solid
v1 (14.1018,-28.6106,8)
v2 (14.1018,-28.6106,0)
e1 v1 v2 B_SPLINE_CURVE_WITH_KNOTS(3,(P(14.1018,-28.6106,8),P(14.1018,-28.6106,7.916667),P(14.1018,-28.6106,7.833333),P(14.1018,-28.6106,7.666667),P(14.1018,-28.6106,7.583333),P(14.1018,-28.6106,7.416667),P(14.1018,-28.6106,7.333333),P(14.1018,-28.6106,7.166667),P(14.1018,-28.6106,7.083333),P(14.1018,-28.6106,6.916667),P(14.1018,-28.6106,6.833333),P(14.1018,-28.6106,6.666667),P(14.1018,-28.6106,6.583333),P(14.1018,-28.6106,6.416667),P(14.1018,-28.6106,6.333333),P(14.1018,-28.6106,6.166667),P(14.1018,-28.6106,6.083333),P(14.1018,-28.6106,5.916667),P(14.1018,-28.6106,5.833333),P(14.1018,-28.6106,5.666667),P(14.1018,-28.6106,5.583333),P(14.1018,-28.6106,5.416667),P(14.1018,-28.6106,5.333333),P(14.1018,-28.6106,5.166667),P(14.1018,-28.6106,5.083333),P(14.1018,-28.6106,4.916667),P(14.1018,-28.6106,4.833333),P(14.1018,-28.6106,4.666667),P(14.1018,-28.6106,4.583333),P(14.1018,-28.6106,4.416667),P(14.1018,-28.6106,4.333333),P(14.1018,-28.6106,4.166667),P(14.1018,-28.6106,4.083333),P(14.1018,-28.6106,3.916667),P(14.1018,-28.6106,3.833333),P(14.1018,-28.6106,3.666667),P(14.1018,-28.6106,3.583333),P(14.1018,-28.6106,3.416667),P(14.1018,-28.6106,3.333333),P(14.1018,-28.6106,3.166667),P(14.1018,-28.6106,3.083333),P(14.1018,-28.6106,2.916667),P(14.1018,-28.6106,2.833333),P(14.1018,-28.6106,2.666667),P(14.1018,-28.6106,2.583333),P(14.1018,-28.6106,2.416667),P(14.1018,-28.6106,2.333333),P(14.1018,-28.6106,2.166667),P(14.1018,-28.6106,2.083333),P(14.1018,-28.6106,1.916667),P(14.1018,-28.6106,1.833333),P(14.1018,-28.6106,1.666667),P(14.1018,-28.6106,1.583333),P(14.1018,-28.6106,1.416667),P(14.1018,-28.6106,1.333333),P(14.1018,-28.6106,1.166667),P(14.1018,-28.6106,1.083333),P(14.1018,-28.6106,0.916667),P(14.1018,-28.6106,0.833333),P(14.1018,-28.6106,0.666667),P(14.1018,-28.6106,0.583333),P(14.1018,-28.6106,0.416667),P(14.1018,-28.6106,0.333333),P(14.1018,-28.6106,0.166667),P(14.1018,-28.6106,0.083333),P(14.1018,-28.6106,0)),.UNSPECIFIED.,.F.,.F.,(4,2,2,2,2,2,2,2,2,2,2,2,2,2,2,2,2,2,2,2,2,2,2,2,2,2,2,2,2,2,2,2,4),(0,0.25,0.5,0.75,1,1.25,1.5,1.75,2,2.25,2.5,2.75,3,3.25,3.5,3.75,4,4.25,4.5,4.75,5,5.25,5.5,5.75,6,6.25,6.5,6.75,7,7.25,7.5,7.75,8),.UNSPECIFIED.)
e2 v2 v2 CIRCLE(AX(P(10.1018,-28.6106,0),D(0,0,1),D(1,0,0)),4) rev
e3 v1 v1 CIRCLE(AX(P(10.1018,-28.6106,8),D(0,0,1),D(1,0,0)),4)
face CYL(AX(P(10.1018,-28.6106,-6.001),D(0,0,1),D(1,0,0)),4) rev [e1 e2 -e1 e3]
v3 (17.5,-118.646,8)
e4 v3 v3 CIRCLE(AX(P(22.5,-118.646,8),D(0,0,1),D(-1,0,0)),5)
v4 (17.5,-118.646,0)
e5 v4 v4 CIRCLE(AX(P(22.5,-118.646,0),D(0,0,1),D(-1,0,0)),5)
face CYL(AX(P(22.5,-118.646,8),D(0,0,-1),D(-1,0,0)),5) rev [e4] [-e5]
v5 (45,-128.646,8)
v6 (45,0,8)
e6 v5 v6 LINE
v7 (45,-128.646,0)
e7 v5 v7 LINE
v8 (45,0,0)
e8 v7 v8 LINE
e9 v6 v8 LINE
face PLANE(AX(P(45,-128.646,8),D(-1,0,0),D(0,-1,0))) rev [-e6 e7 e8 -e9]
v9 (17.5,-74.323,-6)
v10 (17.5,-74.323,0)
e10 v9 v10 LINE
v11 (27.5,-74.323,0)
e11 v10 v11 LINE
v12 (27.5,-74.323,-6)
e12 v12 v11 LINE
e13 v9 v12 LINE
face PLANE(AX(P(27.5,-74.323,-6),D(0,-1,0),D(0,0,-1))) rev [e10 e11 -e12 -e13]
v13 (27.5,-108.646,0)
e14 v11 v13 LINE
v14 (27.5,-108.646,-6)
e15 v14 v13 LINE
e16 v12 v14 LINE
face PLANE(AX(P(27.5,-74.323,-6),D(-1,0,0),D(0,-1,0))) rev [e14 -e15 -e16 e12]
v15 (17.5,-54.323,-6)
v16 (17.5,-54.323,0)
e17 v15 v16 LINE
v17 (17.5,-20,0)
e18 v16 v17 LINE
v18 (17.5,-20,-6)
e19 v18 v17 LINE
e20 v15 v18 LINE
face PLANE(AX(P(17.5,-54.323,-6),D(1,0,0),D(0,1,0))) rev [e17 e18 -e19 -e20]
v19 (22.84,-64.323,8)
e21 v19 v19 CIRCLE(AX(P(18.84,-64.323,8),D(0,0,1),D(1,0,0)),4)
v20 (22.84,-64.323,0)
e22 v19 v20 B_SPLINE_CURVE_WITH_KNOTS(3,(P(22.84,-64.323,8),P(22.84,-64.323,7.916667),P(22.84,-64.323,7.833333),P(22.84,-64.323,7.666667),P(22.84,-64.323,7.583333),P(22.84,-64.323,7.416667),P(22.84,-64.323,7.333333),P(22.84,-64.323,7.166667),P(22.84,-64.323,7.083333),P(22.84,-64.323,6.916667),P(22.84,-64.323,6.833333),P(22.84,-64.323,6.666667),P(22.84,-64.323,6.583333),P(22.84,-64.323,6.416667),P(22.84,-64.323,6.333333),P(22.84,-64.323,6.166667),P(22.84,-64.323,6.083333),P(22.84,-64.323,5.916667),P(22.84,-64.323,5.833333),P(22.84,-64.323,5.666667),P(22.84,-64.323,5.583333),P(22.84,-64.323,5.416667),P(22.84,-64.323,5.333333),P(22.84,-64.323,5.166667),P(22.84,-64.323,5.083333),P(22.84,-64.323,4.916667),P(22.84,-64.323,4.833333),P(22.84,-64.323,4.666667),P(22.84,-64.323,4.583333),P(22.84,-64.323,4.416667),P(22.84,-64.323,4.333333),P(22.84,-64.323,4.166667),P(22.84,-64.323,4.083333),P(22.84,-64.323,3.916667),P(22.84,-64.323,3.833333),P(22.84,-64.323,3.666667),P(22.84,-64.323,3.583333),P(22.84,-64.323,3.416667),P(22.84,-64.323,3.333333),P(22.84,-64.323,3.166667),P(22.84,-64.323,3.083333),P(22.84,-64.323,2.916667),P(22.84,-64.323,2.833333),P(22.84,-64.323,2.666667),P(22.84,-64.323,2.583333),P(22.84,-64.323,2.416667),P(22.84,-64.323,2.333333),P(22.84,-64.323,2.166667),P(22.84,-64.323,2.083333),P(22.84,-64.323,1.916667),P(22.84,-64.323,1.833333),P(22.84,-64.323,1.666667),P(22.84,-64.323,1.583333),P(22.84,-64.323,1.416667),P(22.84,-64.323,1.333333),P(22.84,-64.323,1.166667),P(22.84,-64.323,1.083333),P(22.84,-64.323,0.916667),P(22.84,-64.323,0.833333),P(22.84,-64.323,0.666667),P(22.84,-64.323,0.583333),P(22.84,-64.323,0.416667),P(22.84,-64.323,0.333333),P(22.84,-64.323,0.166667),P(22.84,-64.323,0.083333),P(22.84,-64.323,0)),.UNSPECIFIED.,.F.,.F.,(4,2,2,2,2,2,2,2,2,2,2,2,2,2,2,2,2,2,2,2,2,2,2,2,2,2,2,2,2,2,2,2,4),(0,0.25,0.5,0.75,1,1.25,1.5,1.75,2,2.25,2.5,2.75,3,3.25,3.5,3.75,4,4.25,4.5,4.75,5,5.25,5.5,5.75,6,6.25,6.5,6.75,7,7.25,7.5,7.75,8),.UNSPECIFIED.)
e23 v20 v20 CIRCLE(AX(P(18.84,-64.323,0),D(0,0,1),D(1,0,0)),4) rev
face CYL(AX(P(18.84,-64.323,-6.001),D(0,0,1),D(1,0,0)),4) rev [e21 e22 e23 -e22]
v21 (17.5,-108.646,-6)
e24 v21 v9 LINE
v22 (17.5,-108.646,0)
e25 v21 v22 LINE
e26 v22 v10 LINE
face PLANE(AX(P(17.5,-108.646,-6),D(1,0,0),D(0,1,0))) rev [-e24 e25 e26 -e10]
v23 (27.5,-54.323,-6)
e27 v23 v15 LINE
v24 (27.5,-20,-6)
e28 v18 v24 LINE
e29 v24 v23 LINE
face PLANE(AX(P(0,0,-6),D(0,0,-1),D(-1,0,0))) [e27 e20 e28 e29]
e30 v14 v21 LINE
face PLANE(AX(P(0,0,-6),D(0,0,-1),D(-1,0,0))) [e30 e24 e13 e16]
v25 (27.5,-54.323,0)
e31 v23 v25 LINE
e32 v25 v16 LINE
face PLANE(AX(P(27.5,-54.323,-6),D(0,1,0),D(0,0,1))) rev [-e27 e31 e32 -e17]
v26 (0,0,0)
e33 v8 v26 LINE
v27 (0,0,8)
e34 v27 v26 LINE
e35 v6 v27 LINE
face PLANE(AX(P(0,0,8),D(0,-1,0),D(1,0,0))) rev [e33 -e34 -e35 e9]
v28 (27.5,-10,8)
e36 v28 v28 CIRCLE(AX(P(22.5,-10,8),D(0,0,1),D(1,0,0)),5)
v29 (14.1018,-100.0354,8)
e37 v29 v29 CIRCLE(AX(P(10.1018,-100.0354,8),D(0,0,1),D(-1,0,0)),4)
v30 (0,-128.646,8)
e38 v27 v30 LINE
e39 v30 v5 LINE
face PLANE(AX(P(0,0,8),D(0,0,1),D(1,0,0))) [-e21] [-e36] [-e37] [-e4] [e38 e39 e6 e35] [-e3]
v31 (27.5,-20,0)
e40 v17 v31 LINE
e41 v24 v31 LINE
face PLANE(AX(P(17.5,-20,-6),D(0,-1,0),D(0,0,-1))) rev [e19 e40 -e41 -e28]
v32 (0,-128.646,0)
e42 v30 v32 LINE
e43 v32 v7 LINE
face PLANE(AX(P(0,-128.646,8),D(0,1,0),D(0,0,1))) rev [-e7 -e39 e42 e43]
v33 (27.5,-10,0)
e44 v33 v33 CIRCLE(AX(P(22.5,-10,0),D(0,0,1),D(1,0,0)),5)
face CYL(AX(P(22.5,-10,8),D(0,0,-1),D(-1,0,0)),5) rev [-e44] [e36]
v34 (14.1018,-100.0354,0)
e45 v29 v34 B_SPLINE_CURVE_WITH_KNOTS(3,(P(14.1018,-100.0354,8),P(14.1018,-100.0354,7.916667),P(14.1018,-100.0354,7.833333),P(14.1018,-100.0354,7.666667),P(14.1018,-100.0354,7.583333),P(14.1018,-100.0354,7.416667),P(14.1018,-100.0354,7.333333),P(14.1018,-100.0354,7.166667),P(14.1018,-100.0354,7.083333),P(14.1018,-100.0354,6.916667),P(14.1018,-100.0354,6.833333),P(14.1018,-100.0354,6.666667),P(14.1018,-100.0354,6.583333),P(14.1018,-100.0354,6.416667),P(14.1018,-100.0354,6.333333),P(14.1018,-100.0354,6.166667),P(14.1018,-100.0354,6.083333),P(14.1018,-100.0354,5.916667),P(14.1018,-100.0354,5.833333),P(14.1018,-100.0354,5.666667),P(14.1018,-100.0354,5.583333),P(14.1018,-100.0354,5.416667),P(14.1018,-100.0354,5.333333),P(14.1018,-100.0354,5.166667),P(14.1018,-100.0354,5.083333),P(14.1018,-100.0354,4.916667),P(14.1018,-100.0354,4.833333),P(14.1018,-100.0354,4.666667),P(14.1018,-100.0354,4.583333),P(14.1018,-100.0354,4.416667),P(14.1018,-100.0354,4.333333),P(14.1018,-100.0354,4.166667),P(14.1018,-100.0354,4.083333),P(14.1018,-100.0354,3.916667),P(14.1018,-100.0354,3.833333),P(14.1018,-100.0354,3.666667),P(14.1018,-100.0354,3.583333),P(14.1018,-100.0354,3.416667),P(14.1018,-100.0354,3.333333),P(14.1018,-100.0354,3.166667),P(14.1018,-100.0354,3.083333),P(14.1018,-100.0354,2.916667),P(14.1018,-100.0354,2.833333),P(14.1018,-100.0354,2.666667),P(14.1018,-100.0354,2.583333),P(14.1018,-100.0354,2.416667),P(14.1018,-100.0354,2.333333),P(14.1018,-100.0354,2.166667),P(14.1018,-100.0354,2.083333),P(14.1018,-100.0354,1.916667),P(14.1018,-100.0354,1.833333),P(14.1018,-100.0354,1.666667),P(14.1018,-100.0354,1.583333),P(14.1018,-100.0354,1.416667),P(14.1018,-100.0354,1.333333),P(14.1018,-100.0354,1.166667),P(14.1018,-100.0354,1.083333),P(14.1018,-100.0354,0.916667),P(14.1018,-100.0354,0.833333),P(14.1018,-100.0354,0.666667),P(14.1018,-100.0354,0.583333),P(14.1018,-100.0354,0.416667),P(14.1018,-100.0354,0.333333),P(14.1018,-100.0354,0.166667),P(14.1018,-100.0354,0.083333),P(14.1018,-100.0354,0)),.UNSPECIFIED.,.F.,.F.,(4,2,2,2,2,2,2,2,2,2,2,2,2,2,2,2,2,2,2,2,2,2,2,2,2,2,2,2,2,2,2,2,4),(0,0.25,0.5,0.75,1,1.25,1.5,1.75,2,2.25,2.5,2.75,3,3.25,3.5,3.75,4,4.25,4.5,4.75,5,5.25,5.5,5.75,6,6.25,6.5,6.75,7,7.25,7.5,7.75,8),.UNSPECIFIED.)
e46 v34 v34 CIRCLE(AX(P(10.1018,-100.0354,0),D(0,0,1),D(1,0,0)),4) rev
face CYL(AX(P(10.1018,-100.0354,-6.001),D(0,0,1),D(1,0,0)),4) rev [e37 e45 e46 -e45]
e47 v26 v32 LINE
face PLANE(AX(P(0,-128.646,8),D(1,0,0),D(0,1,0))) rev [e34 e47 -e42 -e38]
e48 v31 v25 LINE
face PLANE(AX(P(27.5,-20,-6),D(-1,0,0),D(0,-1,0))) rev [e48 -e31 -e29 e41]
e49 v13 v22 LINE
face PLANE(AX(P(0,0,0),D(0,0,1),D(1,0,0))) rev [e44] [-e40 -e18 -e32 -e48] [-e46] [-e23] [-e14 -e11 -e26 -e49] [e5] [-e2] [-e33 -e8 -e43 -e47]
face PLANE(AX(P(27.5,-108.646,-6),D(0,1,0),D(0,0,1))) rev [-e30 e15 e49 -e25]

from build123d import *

# Parameters (mm, degrees)
ESQUISSE2_R             = 5
BOSS_EXTRU_2_DEPTH      = 8
ESQUISSE3_W             = 10
ESQUISSE3_H             = 34.323
BOSS_EXTRU_3_DEPTH      = 6
ENL_V_MAT_EXTRU_1_REACH = 139.007
ESQUISSE4_R             = 4


with BuildPart() as part:
    # Esquisse2 → Boss.-Extru.2 (new body)
    with BuildSketch(Plane(origin=(0, 0, 0), x_dir=(-1, 0, 0), z_dir=(0, 0, 1))):
        Polygon((-45, 128.646), (-45, 0), (-5, 0), (0, 0), (0, 64.323), (0, 128.646), (-5.55, 128.646), align=None)
        with Locations(Location((-22.5, 10, 0), (0, 0, 180))):
            Circle(ESQUISSE2_R, mode=Mode.SUBTRACT)
        with Locations((-22.5, 118.646)):
            Circle(ESQUISSE2_R, mode=Mode.SUBTRACT)
    extrude(amount=BOSS_EXTRU_2_DEPTH)

    # Esquisse3 → Boss.-Extru.3 (add)
    with BuildSketch(Plane(origin=(0, 0, 0), x_dir=(-1, 0, 0), z_dir=(0, 0, -1))):
        with Locations((-22.5, -91.4845)):
            Rectangle(ESQUISSE3_W, ESQUISSE3_H)
        with Locations((-22.5, -37.1615)):
            Rectangle(ESQUISSE3_W, ESQUISSE3_H)
    extrude(amount=BOSS_EXTRU_3_DEPTH)

    # Esquisse4 → Enlèv. mat.-Extru.1 (cut, up to next)
    with BuildSketch(Plane.XY.offset(8), mode=Mode.PRIVATE) as enl_v_mat_extru_1_sk1:
        with Locations((10.1018, -28.6106)):
            Circle(ESQUISSE4_R)
    enl_v_mat_extru_1_tool1 = extrude(enl_v_mat_extru_1_sk1.sketch, amount=-ENL_V_MAT_EXTRU_1_REACH, mode=Mode.PRIVATE) & part.part
    # Esquisse4 → Enlèv. mat.-Extru.1 (cut, up to next)
    with BuildSketch(Plane.XY.offset(8), mode=Mode.PRIVATE) as enl_v_mat_extru_1_sk2:
        with Locations((10.1018, -100.0354)):
            Circle(ESQUISSE4_R)
    enl_v_mat_extru_1_tool2 = extrude(enl_v_mat_extru_1_sk2.sketch, amount=-ENL_V_MAT_EXTRU_1_REACH, mode=Mode.PRIVATE) & part.part
    # Esquisse4 → Enlèv. mat.-Extru.1 (cut, up to next)
    with BuildSketch(Plane.XY.offset(8), mode=Mode.PRIVATE) as enl_v_mat_extru_1_sk3:
        with Locations((18.84, -64.323)):
            Circle(ESQUISSE4_R)
    enl_v_mat_extru_1_tool3 = extrude(enl_v_mat_extru_1_sk3.sketch, amount=-ENL_V_MAT_EXTRU_1_REACH, mode=Mode.PRIVATE) & part.part
    add(enl_v_mat_extru_1_tool1.solids().sort_by_distance((10.1018, -28.6106, 8))[0], mode=Mode.SUBTRACT)
    add(enl_v_mat_extru_1_tool2.solids().sort_by_distance((10.1018, -100.0354, 8))[0], mode=Mode.SUBTRACT)
    add(enl_v_mat_extru_1_tool3.solids().sort_by_distance((18.84, -64.323, 8))[0], mode=Mode.SUBTRACT)


solid = part.part
